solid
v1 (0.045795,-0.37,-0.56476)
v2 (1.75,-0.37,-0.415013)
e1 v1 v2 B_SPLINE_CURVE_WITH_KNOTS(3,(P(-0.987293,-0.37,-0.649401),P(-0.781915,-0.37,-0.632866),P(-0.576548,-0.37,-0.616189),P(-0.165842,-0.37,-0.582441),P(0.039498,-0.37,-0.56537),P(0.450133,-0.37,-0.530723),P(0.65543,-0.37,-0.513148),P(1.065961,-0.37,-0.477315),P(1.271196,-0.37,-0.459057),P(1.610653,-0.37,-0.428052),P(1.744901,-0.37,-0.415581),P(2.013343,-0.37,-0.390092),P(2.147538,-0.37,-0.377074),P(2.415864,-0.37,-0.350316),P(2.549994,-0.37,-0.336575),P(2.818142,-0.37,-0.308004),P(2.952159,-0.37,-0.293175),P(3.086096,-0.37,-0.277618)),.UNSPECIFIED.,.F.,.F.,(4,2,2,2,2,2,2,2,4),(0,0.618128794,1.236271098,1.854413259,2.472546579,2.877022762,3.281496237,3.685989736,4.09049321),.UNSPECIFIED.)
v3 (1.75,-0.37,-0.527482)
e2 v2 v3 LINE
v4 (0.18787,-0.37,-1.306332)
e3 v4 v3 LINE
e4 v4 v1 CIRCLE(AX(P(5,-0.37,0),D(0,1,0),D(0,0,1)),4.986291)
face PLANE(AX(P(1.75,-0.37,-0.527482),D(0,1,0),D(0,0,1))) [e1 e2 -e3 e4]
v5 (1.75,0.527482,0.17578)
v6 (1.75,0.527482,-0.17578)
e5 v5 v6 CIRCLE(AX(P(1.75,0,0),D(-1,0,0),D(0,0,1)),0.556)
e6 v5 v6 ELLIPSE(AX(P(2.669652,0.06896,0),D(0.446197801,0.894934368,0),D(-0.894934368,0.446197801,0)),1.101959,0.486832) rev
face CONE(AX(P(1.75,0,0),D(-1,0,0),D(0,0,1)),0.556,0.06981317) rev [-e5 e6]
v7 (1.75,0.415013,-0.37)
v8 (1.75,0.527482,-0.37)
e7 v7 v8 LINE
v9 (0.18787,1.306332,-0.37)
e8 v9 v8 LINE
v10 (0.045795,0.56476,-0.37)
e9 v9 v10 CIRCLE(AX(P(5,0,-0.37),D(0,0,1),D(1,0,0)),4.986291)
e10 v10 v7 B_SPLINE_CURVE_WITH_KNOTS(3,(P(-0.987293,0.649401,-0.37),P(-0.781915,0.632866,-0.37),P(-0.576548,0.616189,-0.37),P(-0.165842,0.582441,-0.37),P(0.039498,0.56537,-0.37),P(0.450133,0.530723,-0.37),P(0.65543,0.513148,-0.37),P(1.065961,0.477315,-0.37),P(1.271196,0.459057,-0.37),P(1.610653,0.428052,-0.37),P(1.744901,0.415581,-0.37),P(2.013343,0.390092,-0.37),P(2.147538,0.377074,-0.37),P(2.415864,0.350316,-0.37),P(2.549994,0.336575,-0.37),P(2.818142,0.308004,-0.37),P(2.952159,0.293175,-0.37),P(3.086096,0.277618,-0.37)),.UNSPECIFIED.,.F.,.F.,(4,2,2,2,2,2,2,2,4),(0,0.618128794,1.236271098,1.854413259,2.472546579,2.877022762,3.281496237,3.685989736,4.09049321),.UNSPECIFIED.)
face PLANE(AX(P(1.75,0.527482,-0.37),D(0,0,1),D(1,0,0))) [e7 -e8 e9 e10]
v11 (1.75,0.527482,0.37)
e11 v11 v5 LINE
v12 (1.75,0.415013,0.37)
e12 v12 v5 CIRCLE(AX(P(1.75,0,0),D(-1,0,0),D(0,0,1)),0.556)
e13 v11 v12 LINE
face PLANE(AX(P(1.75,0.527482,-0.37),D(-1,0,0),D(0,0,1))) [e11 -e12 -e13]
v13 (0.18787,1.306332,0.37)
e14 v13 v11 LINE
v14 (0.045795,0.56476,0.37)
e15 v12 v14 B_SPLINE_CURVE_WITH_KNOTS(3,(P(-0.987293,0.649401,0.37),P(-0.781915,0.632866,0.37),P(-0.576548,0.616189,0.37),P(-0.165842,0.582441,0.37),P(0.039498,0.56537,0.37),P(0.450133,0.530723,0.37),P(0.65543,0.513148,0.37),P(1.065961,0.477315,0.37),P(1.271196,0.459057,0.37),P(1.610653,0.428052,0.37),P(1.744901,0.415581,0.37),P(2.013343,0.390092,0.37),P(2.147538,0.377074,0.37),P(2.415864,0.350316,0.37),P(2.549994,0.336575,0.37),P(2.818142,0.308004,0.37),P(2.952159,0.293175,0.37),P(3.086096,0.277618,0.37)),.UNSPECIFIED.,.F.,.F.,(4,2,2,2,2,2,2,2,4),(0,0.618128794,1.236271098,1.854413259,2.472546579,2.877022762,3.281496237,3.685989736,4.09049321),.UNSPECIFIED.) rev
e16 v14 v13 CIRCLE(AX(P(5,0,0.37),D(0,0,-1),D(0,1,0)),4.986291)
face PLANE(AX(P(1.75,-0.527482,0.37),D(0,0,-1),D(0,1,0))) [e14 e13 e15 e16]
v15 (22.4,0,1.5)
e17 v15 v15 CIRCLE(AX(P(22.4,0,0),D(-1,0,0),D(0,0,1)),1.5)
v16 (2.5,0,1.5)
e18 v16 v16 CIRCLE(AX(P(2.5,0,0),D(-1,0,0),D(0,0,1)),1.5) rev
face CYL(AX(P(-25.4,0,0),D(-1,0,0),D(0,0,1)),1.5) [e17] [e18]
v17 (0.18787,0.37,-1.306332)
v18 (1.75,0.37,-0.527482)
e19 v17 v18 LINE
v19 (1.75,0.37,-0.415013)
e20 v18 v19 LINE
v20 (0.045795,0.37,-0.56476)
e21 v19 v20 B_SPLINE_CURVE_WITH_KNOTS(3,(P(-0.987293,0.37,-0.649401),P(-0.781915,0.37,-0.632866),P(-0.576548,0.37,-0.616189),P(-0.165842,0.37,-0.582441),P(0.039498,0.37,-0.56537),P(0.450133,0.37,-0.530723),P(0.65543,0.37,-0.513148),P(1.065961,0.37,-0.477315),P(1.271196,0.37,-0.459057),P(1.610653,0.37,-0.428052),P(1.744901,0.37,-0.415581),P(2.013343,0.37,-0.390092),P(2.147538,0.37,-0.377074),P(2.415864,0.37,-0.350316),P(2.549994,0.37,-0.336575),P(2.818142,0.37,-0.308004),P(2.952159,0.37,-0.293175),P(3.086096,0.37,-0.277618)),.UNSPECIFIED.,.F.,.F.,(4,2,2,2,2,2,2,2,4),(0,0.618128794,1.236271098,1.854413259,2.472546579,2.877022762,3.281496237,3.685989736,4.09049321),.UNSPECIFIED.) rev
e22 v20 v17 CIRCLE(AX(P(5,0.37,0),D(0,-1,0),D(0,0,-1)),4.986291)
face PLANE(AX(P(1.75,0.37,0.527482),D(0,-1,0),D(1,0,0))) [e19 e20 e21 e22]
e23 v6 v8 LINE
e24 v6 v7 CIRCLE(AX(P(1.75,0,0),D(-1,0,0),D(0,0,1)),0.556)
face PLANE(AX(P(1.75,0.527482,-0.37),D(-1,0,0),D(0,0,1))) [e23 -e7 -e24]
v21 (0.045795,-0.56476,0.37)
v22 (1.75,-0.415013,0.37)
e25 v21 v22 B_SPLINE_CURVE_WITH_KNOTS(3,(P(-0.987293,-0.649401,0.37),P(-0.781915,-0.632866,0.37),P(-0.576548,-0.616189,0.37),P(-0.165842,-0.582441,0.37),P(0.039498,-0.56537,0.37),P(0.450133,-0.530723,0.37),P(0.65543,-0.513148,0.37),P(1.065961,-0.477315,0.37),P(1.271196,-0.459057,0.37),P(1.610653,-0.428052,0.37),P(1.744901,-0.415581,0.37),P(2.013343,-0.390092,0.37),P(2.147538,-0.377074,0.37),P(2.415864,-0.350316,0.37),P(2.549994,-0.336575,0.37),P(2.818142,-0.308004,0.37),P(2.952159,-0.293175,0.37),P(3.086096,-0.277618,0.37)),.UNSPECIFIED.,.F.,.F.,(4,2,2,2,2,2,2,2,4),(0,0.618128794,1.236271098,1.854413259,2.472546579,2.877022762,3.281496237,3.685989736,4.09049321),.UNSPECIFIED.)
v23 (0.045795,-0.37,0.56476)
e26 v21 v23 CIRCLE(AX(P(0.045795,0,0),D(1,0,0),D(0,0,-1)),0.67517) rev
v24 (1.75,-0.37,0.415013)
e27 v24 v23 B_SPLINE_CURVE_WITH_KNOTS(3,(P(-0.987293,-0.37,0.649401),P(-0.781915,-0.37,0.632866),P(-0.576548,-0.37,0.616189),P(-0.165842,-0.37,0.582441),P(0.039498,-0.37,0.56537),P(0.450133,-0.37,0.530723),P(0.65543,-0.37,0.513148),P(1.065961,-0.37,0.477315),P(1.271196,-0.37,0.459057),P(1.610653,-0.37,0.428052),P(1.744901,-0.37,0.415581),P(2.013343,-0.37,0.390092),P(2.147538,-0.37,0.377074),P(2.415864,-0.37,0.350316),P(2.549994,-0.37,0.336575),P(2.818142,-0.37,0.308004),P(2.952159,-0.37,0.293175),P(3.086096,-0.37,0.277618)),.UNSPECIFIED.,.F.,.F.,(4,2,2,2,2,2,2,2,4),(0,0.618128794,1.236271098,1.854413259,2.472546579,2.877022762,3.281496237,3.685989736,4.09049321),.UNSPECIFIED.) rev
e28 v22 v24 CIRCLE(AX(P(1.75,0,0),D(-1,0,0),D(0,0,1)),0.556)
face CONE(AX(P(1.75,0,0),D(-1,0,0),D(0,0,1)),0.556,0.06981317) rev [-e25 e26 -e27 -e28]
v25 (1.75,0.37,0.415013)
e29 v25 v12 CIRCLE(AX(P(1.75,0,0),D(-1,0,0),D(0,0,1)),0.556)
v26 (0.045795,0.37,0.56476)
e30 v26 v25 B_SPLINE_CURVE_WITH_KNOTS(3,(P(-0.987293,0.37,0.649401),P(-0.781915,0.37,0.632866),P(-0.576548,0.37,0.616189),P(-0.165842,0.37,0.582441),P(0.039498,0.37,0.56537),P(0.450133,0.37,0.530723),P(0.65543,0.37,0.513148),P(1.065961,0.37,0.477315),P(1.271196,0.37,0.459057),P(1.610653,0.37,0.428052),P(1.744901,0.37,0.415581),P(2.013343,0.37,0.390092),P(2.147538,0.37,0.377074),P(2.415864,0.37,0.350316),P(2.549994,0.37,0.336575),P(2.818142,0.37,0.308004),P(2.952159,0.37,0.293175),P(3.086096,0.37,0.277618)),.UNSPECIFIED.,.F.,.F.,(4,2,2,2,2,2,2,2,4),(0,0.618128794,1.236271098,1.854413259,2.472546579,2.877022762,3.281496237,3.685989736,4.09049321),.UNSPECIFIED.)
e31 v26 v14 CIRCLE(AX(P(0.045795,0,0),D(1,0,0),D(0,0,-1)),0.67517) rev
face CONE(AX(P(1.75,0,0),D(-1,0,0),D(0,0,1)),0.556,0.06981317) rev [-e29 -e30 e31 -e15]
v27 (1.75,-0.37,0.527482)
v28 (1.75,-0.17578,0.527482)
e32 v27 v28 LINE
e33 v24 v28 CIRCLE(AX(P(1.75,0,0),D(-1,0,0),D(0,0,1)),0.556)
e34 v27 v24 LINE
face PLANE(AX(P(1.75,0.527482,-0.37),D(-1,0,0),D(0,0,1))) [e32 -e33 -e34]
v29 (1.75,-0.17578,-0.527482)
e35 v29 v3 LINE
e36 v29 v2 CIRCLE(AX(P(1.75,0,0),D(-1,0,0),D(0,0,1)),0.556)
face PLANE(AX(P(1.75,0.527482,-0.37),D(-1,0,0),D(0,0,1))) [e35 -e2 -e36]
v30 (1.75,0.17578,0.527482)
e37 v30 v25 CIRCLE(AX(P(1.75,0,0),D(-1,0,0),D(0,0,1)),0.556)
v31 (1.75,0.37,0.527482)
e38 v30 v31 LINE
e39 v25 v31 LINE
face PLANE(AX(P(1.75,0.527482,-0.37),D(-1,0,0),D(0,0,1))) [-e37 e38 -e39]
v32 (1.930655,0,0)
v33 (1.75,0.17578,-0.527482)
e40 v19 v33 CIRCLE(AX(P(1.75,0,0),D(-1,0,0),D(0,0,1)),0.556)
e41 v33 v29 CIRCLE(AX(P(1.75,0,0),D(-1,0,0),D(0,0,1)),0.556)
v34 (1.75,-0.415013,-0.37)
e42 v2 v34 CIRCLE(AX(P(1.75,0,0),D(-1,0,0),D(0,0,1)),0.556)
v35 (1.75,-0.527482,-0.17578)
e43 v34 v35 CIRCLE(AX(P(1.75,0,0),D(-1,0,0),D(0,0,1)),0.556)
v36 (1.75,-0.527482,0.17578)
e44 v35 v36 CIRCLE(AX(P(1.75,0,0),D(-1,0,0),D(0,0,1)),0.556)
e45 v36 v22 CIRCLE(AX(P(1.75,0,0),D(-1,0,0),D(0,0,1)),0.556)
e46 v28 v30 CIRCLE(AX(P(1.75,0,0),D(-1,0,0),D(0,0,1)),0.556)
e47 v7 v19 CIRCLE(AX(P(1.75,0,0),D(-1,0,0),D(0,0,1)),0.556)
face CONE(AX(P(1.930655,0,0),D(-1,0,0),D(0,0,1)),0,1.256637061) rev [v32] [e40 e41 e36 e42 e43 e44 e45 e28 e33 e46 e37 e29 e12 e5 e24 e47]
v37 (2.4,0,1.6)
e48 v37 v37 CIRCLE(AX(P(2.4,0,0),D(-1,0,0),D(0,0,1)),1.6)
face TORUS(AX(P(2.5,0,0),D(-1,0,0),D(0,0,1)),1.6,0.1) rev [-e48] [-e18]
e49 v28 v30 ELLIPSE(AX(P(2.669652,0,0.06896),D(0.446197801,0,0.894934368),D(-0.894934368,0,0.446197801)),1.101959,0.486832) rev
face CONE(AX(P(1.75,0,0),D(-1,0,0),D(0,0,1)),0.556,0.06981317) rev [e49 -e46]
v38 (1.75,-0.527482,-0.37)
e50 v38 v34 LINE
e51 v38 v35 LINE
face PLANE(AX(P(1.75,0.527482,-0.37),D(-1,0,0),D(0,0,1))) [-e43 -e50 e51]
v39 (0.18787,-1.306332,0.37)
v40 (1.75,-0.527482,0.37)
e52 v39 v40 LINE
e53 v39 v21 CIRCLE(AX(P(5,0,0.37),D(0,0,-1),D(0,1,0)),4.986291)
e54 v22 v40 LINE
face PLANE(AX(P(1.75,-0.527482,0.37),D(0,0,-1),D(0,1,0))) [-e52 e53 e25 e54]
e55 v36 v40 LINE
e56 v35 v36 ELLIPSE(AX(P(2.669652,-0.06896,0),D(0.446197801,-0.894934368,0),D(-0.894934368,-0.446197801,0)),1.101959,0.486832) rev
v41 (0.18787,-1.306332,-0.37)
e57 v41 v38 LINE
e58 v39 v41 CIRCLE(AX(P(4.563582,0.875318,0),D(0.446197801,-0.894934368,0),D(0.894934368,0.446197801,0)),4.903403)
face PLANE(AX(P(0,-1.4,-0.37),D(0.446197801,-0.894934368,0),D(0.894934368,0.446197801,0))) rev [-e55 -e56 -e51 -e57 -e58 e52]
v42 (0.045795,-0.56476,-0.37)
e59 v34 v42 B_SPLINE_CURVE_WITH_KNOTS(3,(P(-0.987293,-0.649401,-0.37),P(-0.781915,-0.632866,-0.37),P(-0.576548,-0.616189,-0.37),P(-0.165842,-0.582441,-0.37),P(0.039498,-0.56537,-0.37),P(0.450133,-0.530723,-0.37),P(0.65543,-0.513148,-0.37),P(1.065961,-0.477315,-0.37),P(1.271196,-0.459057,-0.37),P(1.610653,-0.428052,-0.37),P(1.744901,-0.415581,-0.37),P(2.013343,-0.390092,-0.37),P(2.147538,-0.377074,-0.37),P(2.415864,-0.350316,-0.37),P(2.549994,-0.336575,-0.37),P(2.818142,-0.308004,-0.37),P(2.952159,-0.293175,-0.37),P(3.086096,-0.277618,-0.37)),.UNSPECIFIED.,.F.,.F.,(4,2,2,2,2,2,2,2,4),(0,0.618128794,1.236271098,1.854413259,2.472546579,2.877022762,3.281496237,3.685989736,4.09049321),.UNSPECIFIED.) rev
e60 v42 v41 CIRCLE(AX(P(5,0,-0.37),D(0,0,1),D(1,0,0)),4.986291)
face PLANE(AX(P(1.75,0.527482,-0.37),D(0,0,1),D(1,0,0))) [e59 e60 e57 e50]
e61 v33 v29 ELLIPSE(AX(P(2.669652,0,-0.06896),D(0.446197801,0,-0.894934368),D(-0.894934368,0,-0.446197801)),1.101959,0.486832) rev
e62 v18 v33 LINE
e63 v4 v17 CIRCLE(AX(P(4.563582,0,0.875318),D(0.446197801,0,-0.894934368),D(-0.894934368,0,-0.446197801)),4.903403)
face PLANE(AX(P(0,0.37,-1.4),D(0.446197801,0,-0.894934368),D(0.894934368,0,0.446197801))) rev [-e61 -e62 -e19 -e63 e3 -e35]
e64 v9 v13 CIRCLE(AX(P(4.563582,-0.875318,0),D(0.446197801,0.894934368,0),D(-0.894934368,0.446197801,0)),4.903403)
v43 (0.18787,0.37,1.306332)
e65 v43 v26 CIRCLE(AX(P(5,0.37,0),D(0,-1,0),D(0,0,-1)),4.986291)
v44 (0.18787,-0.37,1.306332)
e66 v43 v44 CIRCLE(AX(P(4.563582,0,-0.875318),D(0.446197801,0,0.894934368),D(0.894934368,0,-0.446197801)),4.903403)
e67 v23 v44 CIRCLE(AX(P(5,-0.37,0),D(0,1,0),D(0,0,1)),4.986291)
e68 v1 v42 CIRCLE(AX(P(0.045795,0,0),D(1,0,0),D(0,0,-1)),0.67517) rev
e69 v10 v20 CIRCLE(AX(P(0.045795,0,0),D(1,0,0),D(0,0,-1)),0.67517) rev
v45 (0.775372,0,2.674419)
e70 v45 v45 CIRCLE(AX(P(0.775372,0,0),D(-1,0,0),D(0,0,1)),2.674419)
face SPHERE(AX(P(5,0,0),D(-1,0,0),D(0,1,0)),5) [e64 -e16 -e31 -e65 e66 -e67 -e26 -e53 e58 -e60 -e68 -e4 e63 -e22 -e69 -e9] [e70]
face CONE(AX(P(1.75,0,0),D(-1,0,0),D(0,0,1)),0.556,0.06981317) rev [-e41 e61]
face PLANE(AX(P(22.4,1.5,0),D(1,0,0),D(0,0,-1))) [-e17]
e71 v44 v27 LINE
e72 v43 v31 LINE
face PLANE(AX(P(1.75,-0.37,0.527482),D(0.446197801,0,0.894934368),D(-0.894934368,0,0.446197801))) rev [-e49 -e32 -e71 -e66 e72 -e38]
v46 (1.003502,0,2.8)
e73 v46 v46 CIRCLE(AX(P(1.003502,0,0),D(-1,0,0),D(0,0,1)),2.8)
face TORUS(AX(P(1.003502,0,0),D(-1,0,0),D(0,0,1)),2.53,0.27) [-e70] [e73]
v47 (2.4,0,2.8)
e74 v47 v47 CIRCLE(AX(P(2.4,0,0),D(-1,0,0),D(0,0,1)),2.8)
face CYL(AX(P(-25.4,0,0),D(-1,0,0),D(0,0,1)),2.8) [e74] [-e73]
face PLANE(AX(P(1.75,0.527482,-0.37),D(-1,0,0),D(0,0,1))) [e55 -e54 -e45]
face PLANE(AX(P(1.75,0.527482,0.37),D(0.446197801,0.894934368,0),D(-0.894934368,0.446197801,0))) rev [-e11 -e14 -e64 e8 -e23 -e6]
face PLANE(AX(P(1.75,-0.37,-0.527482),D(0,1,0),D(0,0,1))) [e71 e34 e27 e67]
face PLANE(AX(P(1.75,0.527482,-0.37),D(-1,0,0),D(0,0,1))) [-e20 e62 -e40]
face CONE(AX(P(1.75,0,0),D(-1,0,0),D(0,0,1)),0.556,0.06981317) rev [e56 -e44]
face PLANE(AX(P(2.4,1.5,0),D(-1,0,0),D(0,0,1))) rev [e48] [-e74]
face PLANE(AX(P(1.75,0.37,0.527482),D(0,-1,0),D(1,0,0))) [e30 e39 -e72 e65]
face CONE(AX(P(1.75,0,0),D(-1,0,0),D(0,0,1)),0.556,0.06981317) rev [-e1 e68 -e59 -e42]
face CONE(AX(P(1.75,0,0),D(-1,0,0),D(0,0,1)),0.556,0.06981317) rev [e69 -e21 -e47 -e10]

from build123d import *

# Parameters (mm, degrees)
FILLET1_R    = 0.1
SKETCH3_W    = 0.74
SKETCH3_H    = 2.8
SKETCH4_W    = 0.74
SKETCH4_H    = 1.054964432
RECPAT_COUNT = 2
RECPAT_ANGLE = 90


with BuildPart() as part:
    # BodySke → Base-Revolve (revolve)
    with BuildSketch(Plane.XY):
        with BuildLine():
            Line((2.4, 1.5), (2.4, 2.8))
            Line((2.4, 2.8), (1.003501533, 2.8))
            ThreePointArc((1.003501533, 2.8), (0.873295971, 2.76653015), (0.775371599, 2.674418605))
            ThreePointArc((0.775371599, 2.674418605), (0.197753546, 1.392274756), (0, 0))
            Line((0, 0), (22.4, 0))
            Line((22.4, 0), (22.4, 1.5))
            Line((22.4, 1.5), (2.4, 1.5))
        make_face()
    revolve(axis=Axis((-25.4, 0, 0), (1, 0, 0)))

    # Fillet1
    fillet1_edges = [part.edges().sort_by_distance(p)[0] for p in [
        (2.4, -1.5, 0),
    ]]
    fillet(fillet1_edges, radius=FILLET1_R)

    # Sketch3 → Recess section 0
    with BuildSketch(Plane(origin=(0, 0, 0), x_dir=(0, 0, -1), z_dir=(1, 0, 0))):
        Rectangle(SKETCH3_W, SKETCH3_H)
    # Sketch4 → Recess section 1
    with BuildSketch(Plane(origin=(1.75, 0, 0), x_dir=(0, 0, -1), z_dir=(1, 0, 0))):
        Rectangle(SKETCH4_W, SKETCH4_H)
    recess = loft(mode=Mode.SUBTRACT)

    # RecPat: Recess ×2 about axis
    recpat_axis = Axis((0, 0, 0), (1, 0, 0))
    for i in range(1, RECPAT_COUNT):
        add(recess.rotate(recpat_axis, i * RECPAT_ANGLE / (RECPAT_COUNT - 1)), mode=Mode.SUBTRACT)

    # RecCorSke → RecessCore (revolve, cut)
    with BuildSketch(Plane.XY):
        Polygon((0, 0), (0, 0.678371921), (1.75, 0.556), (1.930655351, 0), align=None)
    revolve(axis=Axis((-3.175, 0, 0), (1, 0, 0)), mode=Mode.SUBTRACT)


solid = part.part
